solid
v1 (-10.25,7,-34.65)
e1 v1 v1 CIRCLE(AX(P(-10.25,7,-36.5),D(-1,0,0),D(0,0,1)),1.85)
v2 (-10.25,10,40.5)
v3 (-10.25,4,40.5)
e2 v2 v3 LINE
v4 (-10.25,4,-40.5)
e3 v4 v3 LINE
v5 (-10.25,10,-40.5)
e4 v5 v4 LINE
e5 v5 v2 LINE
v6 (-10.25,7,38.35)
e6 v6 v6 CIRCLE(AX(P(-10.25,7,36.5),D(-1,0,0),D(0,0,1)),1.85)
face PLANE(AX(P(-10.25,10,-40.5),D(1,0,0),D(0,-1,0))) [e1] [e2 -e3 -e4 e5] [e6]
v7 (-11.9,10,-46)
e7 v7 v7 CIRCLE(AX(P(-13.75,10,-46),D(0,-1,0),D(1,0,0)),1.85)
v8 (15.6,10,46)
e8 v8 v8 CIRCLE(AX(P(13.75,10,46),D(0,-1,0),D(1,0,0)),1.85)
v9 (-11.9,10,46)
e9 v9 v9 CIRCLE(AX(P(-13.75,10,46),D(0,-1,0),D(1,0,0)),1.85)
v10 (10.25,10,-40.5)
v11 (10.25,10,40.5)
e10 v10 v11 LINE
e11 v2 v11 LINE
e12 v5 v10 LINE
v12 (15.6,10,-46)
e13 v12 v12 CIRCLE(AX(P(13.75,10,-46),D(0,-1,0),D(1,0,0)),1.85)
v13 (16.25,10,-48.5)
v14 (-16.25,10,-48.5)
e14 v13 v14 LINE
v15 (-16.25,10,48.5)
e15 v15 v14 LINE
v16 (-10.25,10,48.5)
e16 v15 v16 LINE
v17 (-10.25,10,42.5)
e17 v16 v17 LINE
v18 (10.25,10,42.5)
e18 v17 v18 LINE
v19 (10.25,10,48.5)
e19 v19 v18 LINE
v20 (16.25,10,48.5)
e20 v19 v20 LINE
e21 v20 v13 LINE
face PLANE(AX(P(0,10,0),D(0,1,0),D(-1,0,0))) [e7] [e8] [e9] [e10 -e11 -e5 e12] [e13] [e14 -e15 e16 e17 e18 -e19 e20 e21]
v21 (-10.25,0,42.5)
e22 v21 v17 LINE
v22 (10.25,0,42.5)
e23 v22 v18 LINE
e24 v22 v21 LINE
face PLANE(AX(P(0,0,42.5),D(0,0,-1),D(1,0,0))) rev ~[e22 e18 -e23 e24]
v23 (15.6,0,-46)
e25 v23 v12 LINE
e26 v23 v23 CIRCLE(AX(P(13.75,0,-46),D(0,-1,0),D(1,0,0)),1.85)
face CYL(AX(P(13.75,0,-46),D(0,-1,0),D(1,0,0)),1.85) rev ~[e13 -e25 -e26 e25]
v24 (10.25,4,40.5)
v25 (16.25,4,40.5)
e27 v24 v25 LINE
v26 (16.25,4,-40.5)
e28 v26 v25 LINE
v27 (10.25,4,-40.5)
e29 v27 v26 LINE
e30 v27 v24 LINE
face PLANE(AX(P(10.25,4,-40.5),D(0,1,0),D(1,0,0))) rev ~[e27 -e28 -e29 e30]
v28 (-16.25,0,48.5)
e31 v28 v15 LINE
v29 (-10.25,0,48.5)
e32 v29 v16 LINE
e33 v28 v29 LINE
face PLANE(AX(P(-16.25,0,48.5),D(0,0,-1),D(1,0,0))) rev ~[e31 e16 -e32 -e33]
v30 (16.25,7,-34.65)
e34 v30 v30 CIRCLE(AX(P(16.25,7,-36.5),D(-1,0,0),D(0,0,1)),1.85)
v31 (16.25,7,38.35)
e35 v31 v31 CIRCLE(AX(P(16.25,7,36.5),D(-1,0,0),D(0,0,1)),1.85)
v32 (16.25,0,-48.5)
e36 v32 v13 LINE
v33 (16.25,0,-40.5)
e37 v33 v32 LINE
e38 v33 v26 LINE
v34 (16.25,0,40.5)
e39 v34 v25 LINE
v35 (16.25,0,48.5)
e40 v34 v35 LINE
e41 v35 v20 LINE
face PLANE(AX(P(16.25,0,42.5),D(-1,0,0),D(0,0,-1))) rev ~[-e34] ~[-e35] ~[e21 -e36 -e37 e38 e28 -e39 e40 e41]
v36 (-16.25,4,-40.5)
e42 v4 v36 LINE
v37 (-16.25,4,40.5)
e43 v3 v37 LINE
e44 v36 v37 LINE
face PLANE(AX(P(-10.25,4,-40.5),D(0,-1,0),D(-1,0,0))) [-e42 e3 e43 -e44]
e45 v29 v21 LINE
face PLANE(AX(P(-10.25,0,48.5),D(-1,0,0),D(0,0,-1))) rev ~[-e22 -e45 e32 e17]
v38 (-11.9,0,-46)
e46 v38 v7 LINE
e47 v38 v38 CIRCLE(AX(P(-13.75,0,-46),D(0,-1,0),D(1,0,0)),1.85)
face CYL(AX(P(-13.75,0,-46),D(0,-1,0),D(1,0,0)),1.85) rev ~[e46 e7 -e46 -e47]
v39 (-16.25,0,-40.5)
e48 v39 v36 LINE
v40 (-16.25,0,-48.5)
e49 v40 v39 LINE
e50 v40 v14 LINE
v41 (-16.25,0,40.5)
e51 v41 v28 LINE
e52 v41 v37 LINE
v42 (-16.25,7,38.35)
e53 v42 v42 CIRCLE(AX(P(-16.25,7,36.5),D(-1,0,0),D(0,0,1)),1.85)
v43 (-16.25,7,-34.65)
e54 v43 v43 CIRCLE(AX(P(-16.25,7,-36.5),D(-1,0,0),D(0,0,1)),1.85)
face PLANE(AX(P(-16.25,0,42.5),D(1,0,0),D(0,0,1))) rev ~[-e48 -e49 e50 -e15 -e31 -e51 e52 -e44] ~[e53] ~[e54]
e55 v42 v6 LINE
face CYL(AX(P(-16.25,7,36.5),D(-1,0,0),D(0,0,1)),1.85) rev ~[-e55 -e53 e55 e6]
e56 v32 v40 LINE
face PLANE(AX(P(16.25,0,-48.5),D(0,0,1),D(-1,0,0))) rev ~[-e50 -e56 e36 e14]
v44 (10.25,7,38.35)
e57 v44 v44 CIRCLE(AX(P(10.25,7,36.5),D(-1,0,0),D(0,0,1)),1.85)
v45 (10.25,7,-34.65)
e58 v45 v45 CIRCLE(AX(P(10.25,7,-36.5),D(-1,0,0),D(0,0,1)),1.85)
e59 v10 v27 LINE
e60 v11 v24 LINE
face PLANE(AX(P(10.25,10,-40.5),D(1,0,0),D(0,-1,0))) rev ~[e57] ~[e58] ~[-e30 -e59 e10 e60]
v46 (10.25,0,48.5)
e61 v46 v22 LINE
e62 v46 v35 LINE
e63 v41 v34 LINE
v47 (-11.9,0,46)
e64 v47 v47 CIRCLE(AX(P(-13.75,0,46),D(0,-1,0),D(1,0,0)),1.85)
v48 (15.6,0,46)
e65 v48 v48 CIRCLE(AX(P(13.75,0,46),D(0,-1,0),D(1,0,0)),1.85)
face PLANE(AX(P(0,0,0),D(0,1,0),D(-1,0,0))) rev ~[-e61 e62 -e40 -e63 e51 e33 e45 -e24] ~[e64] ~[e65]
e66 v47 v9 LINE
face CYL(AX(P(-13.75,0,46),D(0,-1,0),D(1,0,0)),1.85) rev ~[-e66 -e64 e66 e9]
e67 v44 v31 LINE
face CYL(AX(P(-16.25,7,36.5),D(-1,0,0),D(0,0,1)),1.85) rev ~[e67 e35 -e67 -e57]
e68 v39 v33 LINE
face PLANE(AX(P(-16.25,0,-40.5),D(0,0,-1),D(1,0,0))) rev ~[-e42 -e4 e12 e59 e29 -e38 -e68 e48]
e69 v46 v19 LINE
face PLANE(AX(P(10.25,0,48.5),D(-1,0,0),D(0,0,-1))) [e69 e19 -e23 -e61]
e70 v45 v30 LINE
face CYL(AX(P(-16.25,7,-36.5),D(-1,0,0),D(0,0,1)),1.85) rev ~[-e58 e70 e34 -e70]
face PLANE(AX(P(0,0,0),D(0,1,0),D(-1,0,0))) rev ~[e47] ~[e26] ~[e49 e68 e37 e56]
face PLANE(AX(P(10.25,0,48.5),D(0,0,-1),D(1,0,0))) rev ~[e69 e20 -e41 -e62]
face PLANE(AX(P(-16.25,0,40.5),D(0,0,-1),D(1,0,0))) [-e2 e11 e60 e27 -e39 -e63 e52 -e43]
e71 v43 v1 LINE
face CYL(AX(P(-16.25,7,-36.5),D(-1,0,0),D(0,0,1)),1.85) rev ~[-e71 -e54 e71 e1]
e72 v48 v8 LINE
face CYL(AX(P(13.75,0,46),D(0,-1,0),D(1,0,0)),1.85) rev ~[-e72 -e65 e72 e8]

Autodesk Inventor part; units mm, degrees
ref_plane "YZ Plane" through (0, 0, 0) normal (1, 0, 0) x (0, 1, 0)
ref_plane "XZ Plane" through (0, 0, 0) normal (0, 1, 0) x (-1, 0, 0)
ref_plane "XY Plane" through (0, 0, 0) normal (0, 0, 1) x (1, 0, 0)
sketch "Sketch1" plane through (0, 0, 0) normal (0, 1, 0) x (-1, 0, 0)
  line L0 (16.25, 48.5) -> (-16.25, 48.5)
  line L1 (-16.25, 48.5) -> (-16.25, -48.5)
  line L2 (-16.25, -48.5) -> (16.25, -48.5)
  line L3 (16.25, -48.5) -> (16.25, 48.5)
  line L4 (16.25, 48.5) -> (-16.25, -48.5) construction
  line L5 (-16.25, 48.5) -> (16.25, -48.5) construction
  line L6 (16.25, 48.5) -> (16.25, 40.5)
  line L7 (16.25, -48.5) -> (16.25, -40.5)
  line L8 (16.25, 40.5) -> (-16.25, 40.5)
  line L9 (16.25, -40.5) -> (-16.25, -40.5)
  line L10 (0, 48.5) -> (0, 42.5)
  line L11 (-16.25, 48.5) -> (-10.25, 48.5)
  line L12 (-10.25, 48.5) -> (-10.25, 42.5)
  line L13 (-10.25, 42.5) -> (-16.25, 42.5)
  line L14 (-16.25, 42.5) -> (-16.25, 48.5)
  line L15 (16.25, 48.5) -> (10.25, 48.5)
  line L16 (10.25, 48.5) -> (10.25, 42.5)
  line L17 (10.25, 42.5) -> (16.25, 42.5)
  line L18 (16.25, 42.5) -> (16.25, 48.5)
  line L19 (10.25, 42.5) -> (-10.25, 42.5)
  point P0 (0, 0)
  dimension "d0" = 32.5
  dimension "d1" = 97
  dimension "d4" = 6
  dimension "d5" = 6
  dimension "d6" = 6
  dimension "d7" = 6
  dimension "d8" = 6
extrude "Extrusion1" add sketch "Sketch1" along normal blind 10 contours L3 L17 L16 L0 | L3 L8 L1 L13 L19 L17 | L12 L13 L1 L0 | L3 L2 L1 L9
sketch "Sketch2" plane through (-16.25, 0, -40.5) normal (0, 0, 1) x (1, 0, 0)
  line L0 (0, 10) -> (32.5, 10) projected
  line L1 (32.5, 10) -> (26.5, 10)
  line L2 (26.5, 10) -> (26.5, 4)
  line L3 (26.5, 4) -> (32.5, 4)
  line L4 (32.5, 4) -> (32.5, 10)
  line L5 (0, 0) -> (0, 10) projected
  line L6 (0, 10) -> (6, 10)
  line L7 (6, 10) -> (6, 4)
  line L8 (6, 4) -> (0, 4)
  line L9 (0, 4) -> (0, 10)
  point P0 (16.25, 0)
  dimension "d11" = 6
  dimension "d12" = 6
  dimension "d15" = 6
  dimension "d16" = 6
extrude "Extrusion2" add sketch "Sketch2" along normal up to surface (81 mm away)
sketch "Sketch3" plane through (-16.25, 0, -48.5) normal (-1, 0, 0) x (0, 0, 1)
  circle A0 centre (85, 7) radius 1.85
  circle A1 centre (12, 7) radius 1.85
  line L0 (8, 4) -> (89, 4) projected
  line L1 (97, 0) -> (97, 10) projected
  line L2 (0, 0) -> (0, 10) projected
  point P0 (48.5, 0)
  dimension "d17" = 3.7
  dimension "d18" = 3.7
  dimension "d19" = 3
  dimension "d20" = 3
  dimension "d21" = 12
  dimension "d22" = 12
extrude "Extrusion3" cut sketch "Sketch3" against normal up to surface (32.5 mm away)
sketch "Sketch4" plane through (0, 0, 0) normal (0, -1, 0) x (1, 0, 0)
  circle A0 centre (13.75, 46) radius 1.85
  circle A1 centre (13.75, -46) radius 1.85
  circle A2 centre (-13.75, -46) radius 1.85
  circle A3 centre (-13.75, 46) radius 1.85
  line L0 (10.25, 48.5) -> (16.25, 48.5) projected
  line L1 (16.25, 48.5) -> (16.25, 40.5) projected
  line L2 (-16.25, 48.5) -> (-10.25, 48.5) projected
  line L3 (-16.25, 40.5) -> (-16.25, 48.5) projected
  line L4 (16.25, -40.5) -> (16.25, -48.5) projected
  line L5 (16.25, -48.5) -> (-16.25, -48.5) projected
  line L6 (-16.25, -48.5) -> (-16.25, -40.5) projected
  point P0 (0, 0)
  point P1 (16.25, 44.5)
  dimension "d25" = 3.7
  dimension "d26" = 3.7
  dimension "d27" = 3.7
  dimension "d28" = 3.7
  dimension "d29" = 2.5
  dimension "d30" = 2.5
  dimension "d31" = 2.5
  dimension "d32" = 2.5
  dimension "d33" = 2.5
  dimension "d34" = 2.5
  dimension "d35" = 2.5
  dimension "d36" = 2.5
extrude "Extrusion4" cut sketch "Sketch4" against normal blind 10
equation "\"d18\" = d17"
equation "\"d20\" = d19"
equation "\"d30\" = d29"
equation "\"d31\" = d29"
equation "\"d32\" = d29"
equation "\"d33\" = d29"
equation "\"d34\" = d29"
equation "\"d35\" = d29"
equation "\"d36\" = d29"
properties part number "V1 screen holder_3DPrint"
